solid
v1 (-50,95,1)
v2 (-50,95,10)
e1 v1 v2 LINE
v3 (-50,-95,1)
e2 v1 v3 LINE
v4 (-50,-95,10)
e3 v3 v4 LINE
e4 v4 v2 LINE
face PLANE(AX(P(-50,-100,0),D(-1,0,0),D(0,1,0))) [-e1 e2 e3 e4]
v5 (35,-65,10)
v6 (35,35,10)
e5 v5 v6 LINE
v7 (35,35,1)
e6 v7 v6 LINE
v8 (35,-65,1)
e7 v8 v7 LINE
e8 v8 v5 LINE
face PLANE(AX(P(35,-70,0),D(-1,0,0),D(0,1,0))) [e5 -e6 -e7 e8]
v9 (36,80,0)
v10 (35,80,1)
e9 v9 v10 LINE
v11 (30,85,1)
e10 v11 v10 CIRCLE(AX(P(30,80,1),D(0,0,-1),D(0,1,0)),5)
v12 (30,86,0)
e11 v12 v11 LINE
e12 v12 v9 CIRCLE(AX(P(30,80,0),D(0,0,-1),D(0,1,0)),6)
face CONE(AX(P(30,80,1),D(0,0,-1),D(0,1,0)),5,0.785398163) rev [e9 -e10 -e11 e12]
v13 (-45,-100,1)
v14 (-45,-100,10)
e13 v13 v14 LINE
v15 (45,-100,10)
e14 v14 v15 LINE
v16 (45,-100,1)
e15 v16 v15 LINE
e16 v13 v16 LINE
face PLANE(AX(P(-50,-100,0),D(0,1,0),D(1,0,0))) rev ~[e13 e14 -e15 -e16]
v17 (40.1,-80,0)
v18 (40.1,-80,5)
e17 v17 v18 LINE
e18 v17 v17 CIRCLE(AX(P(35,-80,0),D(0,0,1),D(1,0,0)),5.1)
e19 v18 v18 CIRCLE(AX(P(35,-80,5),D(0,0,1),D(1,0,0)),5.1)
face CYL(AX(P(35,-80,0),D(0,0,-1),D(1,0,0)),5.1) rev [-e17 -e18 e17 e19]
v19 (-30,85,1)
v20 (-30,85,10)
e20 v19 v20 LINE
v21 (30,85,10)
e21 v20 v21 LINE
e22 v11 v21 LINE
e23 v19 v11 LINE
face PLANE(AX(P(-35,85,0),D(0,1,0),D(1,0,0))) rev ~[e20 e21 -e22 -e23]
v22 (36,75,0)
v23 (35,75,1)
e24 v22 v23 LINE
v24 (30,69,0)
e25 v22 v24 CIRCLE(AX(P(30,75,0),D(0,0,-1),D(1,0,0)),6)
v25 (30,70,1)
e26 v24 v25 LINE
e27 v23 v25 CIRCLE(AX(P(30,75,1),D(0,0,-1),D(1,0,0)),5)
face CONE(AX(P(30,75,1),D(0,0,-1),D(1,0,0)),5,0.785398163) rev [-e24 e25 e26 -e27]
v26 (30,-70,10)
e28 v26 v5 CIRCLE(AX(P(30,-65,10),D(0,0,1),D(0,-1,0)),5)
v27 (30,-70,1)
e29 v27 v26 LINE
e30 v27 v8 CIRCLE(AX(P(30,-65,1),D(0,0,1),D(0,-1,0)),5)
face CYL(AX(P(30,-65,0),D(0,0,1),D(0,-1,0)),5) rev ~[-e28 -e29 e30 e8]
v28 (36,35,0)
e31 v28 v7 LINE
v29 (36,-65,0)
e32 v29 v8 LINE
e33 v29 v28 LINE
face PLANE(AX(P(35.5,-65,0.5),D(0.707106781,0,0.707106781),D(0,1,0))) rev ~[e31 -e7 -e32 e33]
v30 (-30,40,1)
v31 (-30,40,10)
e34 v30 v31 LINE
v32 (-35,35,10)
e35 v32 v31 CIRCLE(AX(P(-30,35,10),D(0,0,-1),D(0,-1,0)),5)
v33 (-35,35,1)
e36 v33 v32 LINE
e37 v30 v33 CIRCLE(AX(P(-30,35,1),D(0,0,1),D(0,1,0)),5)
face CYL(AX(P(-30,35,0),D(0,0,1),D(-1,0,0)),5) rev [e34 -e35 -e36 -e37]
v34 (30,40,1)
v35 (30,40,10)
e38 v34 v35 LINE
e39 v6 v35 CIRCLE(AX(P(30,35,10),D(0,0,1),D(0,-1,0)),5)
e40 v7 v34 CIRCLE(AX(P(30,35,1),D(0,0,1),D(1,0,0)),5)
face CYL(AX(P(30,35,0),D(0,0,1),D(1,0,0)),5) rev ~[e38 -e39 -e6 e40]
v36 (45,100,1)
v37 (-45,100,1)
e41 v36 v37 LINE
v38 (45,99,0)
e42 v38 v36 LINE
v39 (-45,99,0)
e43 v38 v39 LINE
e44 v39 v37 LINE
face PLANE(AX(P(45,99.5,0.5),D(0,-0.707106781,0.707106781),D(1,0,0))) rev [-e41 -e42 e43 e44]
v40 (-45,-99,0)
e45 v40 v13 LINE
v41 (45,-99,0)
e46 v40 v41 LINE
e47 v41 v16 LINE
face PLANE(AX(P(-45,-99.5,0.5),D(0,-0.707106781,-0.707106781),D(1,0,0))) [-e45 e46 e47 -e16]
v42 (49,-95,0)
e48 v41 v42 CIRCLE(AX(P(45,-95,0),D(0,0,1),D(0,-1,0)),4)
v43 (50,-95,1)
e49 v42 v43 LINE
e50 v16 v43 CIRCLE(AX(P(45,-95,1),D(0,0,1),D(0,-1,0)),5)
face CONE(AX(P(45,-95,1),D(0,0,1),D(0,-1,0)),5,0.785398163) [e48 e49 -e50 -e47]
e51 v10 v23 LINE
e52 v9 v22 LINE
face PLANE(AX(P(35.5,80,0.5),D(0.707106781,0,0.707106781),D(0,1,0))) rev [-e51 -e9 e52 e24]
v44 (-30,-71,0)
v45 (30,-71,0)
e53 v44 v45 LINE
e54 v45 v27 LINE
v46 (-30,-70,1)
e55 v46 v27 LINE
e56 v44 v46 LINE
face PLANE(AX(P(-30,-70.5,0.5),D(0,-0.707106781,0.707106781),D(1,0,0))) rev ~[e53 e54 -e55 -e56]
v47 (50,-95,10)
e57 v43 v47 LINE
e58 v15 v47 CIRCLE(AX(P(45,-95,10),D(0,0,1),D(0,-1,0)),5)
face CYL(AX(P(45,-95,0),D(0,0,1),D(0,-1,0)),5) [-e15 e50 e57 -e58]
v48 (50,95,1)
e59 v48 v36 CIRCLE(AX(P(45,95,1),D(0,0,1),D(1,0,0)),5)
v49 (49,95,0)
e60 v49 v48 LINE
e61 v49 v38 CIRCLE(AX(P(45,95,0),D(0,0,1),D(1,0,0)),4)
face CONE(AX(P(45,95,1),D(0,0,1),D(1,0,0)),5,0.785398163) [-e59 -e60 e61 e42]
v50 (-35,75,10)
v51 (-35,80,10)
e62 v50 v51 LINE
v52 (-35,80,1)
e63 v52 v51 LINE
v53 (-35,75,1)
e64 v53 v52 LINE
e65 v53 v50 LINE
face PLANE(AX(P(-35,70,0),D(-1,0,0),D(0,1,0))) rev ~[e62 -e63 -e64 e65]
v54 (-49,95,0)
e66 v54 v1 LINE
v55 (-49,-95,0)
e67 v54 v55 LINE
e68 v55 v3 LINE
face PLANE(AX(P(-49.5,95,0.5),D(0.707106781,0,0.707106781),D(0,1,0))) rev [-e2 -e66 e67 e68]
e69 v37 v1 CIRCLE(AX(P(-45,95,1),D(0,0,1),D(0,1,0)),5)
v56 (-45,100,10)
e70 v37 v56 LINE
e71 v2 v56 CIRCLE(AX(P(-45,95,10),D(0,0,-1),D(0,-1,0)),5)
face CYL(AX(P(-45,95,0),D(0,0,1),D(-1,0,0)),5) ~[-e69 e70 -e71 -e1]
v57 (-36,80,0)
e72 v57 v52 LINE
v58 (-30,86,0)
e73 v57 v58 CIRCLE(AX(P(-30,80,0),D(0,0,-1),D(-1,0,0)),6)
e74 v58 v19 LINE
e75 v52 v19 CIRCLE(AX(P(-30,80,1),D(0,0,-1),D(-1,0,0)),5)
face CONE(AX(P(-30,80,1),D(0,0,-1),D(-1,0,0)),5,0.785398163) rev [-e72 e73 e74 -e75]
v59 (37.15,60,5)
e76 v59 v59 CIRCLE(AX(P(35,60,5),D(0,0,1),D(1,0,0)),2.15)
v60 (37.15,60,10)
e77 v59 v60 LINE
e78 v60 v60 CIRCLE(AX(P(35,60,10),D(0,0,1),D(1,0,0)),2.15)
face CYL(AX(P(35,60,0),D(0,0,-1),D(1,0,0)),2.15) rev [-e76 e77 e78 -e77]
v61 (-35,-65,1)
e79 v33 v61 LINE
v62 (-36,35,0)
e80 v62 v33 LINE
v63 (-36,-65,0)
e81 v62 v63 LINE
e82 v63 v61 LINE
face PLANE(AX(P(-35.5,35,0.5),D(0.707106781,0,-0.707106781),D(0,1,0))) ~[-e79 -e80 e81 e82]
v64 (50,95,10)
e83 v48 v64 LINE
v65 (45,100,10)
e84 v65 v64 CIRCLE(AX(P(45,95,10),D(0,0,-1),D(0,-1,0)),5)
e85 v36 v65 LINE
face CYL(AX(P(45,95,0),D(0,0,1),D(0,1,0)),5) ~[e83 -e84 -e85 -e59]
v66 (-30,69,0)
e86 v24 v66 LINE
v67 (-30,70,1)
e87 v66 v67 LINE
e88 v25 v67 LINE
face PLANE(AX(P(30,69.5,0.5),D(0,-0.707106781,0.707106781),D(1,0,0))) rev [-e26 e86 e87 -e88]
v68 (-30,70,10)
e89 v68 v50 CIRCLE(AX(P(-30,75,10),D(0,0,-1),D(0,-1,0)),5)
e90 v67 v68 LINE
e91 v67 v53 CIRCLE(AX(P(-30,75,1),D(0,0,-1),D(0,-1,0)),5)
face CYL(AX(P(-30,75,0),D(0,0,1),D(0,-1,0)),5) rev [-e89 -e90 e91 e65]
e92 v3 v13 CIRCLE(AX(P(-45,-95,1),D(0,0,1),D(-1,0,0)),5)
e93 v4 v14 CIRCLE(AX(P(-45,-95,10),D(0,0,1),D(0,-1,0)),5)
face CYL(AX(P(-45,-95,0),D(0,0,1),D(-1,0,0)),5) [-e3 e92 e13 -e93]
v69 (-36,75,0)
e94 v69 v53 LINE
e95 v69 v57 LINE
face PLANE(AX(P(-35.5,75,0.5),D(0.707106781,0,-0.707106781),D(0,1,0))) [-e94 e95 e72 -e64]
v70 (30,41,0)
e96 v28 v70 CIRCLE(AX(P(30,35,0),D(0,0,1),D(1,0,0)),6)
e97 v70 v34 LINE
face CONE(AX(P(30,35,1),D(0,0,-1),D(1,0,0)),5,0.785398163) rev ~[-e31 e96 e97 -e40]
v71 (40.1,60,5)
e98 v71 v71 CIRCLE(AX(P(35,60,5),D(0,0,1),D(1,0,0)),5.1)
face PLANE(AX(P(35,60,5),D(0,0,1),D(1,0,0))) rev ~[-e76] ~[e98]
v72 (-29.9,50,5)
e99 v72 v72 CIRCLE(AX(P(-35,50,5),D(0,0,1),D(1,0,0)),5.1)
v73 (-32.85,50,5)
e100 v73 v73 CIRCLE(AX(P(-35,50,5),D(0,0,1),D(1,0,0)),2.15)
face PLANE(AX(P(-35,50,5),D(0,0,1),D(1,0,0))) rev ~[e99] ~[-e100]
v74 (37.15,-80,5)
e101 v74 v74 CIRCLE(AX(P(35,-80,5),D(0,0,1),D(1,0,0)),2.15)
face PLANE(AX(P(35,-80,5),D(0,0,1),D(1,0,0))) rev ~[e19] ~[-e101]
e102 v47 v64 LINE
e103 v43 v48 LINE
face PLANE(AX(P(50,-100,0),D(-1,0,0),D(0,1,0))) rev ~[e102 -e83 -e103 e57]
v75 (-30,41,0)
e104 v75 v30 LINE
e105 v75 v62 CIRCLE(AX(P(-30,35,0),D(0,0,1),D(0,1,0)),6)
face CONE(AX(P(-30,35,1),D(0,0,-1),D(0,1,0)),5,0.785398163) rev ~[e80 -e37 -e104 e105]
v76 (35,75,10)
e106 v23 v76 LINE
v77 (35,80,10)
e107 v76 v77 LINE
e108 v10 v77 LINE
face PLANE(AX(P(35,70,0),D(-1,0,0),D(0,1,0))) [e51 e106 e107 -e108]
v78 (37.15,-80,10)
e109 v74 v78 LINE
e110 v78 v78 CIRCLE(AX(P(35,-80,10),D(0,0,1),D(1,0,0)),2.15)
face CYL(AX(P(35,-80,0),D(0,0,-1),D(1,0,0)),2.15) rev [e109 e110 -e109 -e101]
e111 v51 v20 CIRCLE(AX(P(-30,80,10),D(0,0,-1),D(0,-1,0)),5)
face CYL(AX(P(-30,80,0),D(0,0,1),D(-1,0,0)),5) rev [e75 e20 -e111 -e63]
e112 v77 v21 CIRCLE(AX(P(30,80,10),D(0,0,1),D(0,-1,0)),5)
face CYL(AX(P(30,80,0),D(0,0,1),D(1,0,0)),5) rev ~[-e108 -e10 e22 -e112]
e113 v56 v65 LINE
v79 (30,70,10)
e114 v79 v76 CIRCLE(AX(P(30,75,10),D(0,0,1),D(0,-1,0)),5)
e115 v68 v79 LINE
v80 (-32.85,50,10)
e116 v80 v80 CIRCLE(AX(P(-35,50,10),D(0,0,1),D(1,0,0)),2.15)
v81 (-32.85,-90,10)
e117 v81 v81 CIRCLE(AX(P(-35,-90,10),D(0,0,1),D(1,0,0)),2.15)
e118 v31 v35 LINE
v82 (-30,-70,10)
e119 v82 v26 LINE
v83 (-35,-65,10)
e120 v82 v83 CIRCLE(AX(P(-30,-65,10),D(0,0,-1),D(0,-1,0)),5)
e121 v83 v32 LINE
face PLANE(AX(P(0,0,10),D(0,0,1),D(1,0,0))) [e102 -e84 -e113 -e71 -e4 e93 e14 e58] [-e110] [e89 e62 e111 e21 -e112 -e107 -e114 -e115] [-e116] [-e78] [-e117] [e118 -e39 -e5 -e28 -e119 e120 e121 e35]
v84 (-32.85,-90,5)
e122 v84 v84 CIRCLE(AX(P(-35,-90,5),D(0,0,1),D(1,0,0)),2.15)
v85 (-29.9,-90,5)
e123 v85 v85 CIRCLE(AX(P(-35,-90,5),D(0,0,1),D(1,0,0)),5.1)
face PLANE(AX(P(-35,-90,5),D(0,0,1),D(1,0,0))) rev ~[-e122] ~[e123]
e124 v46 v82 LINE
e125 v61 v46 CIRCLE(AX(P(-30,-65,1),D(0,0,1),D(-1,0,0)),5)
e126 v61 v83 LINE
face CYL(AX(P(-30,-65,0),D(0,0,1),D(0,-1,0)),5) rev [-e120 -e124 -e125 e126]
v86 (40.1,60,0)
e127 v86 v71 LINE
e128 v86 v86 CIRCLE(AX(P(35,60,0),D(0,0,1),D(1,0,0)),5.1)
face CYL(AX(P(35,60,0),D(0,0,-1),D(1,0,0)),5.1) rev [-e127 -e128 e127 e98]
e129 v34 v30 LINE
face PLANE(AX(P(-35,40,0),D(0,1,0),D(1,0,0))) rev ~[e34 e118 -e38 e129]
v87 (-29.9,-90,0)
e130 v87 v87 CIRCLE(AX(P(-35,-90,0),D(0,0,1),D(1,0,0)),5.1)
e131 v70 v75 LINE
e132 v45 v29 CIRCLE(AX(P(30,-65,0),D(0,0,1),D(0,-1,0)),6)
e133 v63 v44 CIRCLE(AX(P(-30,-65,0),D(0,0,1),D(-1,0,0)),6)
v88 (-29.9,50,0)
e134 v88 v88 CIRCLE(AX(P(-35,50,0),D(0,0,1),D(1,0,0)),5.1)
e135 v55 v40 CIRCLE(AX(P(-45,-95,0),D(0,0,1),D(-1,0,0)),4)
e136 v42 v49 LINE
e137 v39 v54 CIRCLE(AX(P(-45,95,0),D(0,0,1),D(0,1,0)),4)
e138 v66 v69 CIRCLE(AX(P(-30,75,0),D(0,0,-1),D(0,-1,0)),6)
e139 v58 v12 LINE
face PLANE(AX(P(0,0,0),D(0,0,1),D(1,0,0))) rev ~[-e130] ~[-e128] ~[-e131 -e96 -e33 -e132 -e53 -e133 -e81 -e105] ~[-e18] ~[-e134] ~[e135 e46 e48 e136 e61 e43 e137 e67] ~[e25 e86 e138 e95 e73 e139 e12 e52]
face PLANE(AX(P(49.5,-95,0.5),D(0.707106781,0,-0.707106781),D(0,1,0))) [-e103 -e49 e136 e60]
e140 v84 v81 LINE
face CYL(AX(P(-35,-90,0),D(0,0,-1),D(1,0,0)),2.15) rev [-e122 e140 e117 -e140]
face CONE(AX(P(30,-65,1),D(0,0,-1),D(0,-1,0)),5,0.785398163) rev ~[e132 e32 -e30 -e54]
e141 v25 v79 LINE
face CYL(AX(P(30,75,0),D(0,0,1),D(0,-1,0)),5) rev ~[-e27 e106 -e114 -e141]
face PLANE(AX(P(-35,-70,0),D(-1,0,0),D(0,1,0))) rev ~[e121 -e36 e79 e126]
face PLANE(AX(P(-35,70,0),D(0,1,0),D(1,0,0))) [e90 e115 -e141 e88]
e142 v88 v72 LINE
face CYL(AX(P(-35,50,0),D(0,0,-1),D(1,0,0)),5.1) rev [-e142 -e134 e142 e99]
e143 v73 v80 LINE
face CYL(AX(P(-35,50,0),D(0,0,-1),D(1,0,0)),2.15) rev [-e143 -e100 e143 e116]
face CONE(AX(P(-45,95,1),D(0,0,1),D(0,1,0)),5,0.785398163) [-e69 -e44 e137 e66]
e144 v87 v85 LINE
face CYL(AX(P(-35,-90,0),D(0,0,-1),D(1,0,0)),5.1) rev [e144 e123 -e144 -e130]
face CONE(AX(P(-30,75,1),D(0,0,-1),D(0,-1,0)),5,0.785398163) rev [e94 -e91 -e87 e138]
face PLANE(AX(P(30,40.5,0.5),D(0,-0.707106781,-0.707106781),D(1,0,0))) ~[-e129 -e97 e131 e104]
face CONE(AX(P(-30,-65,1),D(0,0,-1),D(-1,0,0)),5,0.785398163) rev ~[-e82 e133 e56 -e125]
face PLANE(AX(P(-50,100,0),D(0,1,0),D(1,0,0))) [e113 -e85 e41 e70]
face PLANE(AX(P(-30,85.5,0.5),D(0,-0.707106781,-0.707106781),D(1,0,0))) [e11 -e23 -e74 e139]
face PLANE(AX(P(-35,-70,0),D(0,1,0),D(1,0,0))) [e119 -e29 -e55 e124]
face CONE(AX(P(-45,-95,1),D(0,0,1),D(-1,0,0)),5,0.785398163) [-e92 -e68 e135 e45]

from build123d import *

# Parameters (mm, degrees)
F0_W     = 100
F0_H     = 200
F0_R     = 5.1
F0_W_2   = 70
F0_H_2   = 110
F0_H_3   = 15
F0_R_2   = 2.15
F1_DEPTH = 10
F2_R     = 5
F3_SIZE  = 1
F4_DEPTH = 5


with BuildPart() as f1:
    # F0 (on Top) → F1 (new body)
    with BuildSketch(Plane.XY):
        Rectangle(F0_W, F0_H)
        with Locations((-35, -90)):
            Circle(F0_R, mode=Mode.SUBTRACT)
        with Locations((35, -80)):
            Circle(F0_R, mode=Mode.SUBTRACT)
        with Locations((0, -15)):
            Rectangle(F0_W_2, F0_H_2, mode=Mode.SUBTRACT)
        with Locations((-35, 50)):
            Circle(F0_R, mode=Mode.SUBTRACT)
        with Locations((0, 77.5)):
            Rectangle(F0_W_2, F0_H_3, mode=Mode.SUBTRACT)
        with Locations((35, 60)):
            Circle(F0_R, mode=Mode.SUBTRACT)
        with Locations((35, -80)):
            Circle(F0_R)
        with Locations((35, -80)):
            Circle(F0_R_2, mode=Mode.SUBTRACT)
        with Locations((-35, -90)):
            Circle(F0_R)
        with Locations((-35, -90)):
            Circle(F0_R_2, mode=Mode.SUBTRACT)
        with Locations((-35, 50)):
            Circle(F0_R)
        with Locations((-35, 50)):
            Circle(F0_R_2, mode=Mode.SUBTRACT)
        with Locations((35, 60)):
            Circle(F0_R)
        with Locations((35, 60)):
            Circle(F0_R_2, mode=Mode.SUBTRACT)
    extrude(amount=F1_DEPTH)

    # F2
    f2_edges = [f1.edges().sort_by_distance(p)[0] for p in [
        (-50, -100, 5),
        (50, -100, 5),
        (35, -70, 5),
        (-35, -70, 5),
        (35, 40, 5),
        (-35, 40, 5),
        (-50, 100, 5),
        (50, 100, 5),
        (35, 70, 5),
        (35, 85, 5),
        (-35, 70, 5),
        (-35, 85, 5),
    ]]
    fillet(f2_edges, radius=F2_R)

    # F3
    f3_edges = [f1.edges().sort_by_distance(p)[0] for p in [
        (50, 0, 0),
        (48.535534, -98.535534, 0),
        (48.535534, 98.535534, 0),
        (0, -100, 0),
        (0, 100, 0),
        (-48.535534, -98.535534, 0),
        (-48.535534, 98.535534, 0),
        (-50, 0, 0),
        (32.85, -80, 0),
        (-37.15, -90, 0),
        (-37.15, 50, 0),
        (32.85, 60, 0),
        (0, -70, 0),
        (33.535534, -68.535534, 0),
        (-33.535534, -68.535534, 0),
        (35, -15, 0),
        (-35, -15, 0),
        (33.535534, 38.535534, 0),
        (-33.535534, 38.535534, 0),
        (0, 40, 0),
        (-35, 77.5, 0),
        (-33.535534, 71.464466, 0),
        (-33.535534, 83.535534, 0),
        (0, 70, 0),
        (0, 85, 0),
        (33.535534, 71.464466, 0),
        (33.535534, 83.535534, 0),
        (35, 77.5, 0),
    ]]
    chamfer(f3_edges, length=F3_SIZE)

    # F0 (on Top) → F4 (cut)
    with BuildSketch(Plane.XY):
        with Locations((-35, 50)):
            Circle(F0_R)
        with Locations((-35, 50)):
            Circle(F0_R_2, mode=Mode.SUBTRACT)
        with Locations((35, 60)):
            Circle(F0_R)
        with Locations((35, 60)):
            Circle(F0_R_2, mode=Mode.SUBTRACT)
        with Locations((35, -80)):
            Circle(F0_R)
        with Locations((35, -80)):
            Circle(F0_R_2, mode=Mode.SUBTRACT)
        with Locations((-35, -90)):
            Circle(F0_R)
        with Locations((-35, -90)):
            Circle(F0_R_2, mode=Mode.SUBTRACT)
    extrude(amount=F4_DEPTH, mode=Mode.SUBTRACT)


solid = f1.part
